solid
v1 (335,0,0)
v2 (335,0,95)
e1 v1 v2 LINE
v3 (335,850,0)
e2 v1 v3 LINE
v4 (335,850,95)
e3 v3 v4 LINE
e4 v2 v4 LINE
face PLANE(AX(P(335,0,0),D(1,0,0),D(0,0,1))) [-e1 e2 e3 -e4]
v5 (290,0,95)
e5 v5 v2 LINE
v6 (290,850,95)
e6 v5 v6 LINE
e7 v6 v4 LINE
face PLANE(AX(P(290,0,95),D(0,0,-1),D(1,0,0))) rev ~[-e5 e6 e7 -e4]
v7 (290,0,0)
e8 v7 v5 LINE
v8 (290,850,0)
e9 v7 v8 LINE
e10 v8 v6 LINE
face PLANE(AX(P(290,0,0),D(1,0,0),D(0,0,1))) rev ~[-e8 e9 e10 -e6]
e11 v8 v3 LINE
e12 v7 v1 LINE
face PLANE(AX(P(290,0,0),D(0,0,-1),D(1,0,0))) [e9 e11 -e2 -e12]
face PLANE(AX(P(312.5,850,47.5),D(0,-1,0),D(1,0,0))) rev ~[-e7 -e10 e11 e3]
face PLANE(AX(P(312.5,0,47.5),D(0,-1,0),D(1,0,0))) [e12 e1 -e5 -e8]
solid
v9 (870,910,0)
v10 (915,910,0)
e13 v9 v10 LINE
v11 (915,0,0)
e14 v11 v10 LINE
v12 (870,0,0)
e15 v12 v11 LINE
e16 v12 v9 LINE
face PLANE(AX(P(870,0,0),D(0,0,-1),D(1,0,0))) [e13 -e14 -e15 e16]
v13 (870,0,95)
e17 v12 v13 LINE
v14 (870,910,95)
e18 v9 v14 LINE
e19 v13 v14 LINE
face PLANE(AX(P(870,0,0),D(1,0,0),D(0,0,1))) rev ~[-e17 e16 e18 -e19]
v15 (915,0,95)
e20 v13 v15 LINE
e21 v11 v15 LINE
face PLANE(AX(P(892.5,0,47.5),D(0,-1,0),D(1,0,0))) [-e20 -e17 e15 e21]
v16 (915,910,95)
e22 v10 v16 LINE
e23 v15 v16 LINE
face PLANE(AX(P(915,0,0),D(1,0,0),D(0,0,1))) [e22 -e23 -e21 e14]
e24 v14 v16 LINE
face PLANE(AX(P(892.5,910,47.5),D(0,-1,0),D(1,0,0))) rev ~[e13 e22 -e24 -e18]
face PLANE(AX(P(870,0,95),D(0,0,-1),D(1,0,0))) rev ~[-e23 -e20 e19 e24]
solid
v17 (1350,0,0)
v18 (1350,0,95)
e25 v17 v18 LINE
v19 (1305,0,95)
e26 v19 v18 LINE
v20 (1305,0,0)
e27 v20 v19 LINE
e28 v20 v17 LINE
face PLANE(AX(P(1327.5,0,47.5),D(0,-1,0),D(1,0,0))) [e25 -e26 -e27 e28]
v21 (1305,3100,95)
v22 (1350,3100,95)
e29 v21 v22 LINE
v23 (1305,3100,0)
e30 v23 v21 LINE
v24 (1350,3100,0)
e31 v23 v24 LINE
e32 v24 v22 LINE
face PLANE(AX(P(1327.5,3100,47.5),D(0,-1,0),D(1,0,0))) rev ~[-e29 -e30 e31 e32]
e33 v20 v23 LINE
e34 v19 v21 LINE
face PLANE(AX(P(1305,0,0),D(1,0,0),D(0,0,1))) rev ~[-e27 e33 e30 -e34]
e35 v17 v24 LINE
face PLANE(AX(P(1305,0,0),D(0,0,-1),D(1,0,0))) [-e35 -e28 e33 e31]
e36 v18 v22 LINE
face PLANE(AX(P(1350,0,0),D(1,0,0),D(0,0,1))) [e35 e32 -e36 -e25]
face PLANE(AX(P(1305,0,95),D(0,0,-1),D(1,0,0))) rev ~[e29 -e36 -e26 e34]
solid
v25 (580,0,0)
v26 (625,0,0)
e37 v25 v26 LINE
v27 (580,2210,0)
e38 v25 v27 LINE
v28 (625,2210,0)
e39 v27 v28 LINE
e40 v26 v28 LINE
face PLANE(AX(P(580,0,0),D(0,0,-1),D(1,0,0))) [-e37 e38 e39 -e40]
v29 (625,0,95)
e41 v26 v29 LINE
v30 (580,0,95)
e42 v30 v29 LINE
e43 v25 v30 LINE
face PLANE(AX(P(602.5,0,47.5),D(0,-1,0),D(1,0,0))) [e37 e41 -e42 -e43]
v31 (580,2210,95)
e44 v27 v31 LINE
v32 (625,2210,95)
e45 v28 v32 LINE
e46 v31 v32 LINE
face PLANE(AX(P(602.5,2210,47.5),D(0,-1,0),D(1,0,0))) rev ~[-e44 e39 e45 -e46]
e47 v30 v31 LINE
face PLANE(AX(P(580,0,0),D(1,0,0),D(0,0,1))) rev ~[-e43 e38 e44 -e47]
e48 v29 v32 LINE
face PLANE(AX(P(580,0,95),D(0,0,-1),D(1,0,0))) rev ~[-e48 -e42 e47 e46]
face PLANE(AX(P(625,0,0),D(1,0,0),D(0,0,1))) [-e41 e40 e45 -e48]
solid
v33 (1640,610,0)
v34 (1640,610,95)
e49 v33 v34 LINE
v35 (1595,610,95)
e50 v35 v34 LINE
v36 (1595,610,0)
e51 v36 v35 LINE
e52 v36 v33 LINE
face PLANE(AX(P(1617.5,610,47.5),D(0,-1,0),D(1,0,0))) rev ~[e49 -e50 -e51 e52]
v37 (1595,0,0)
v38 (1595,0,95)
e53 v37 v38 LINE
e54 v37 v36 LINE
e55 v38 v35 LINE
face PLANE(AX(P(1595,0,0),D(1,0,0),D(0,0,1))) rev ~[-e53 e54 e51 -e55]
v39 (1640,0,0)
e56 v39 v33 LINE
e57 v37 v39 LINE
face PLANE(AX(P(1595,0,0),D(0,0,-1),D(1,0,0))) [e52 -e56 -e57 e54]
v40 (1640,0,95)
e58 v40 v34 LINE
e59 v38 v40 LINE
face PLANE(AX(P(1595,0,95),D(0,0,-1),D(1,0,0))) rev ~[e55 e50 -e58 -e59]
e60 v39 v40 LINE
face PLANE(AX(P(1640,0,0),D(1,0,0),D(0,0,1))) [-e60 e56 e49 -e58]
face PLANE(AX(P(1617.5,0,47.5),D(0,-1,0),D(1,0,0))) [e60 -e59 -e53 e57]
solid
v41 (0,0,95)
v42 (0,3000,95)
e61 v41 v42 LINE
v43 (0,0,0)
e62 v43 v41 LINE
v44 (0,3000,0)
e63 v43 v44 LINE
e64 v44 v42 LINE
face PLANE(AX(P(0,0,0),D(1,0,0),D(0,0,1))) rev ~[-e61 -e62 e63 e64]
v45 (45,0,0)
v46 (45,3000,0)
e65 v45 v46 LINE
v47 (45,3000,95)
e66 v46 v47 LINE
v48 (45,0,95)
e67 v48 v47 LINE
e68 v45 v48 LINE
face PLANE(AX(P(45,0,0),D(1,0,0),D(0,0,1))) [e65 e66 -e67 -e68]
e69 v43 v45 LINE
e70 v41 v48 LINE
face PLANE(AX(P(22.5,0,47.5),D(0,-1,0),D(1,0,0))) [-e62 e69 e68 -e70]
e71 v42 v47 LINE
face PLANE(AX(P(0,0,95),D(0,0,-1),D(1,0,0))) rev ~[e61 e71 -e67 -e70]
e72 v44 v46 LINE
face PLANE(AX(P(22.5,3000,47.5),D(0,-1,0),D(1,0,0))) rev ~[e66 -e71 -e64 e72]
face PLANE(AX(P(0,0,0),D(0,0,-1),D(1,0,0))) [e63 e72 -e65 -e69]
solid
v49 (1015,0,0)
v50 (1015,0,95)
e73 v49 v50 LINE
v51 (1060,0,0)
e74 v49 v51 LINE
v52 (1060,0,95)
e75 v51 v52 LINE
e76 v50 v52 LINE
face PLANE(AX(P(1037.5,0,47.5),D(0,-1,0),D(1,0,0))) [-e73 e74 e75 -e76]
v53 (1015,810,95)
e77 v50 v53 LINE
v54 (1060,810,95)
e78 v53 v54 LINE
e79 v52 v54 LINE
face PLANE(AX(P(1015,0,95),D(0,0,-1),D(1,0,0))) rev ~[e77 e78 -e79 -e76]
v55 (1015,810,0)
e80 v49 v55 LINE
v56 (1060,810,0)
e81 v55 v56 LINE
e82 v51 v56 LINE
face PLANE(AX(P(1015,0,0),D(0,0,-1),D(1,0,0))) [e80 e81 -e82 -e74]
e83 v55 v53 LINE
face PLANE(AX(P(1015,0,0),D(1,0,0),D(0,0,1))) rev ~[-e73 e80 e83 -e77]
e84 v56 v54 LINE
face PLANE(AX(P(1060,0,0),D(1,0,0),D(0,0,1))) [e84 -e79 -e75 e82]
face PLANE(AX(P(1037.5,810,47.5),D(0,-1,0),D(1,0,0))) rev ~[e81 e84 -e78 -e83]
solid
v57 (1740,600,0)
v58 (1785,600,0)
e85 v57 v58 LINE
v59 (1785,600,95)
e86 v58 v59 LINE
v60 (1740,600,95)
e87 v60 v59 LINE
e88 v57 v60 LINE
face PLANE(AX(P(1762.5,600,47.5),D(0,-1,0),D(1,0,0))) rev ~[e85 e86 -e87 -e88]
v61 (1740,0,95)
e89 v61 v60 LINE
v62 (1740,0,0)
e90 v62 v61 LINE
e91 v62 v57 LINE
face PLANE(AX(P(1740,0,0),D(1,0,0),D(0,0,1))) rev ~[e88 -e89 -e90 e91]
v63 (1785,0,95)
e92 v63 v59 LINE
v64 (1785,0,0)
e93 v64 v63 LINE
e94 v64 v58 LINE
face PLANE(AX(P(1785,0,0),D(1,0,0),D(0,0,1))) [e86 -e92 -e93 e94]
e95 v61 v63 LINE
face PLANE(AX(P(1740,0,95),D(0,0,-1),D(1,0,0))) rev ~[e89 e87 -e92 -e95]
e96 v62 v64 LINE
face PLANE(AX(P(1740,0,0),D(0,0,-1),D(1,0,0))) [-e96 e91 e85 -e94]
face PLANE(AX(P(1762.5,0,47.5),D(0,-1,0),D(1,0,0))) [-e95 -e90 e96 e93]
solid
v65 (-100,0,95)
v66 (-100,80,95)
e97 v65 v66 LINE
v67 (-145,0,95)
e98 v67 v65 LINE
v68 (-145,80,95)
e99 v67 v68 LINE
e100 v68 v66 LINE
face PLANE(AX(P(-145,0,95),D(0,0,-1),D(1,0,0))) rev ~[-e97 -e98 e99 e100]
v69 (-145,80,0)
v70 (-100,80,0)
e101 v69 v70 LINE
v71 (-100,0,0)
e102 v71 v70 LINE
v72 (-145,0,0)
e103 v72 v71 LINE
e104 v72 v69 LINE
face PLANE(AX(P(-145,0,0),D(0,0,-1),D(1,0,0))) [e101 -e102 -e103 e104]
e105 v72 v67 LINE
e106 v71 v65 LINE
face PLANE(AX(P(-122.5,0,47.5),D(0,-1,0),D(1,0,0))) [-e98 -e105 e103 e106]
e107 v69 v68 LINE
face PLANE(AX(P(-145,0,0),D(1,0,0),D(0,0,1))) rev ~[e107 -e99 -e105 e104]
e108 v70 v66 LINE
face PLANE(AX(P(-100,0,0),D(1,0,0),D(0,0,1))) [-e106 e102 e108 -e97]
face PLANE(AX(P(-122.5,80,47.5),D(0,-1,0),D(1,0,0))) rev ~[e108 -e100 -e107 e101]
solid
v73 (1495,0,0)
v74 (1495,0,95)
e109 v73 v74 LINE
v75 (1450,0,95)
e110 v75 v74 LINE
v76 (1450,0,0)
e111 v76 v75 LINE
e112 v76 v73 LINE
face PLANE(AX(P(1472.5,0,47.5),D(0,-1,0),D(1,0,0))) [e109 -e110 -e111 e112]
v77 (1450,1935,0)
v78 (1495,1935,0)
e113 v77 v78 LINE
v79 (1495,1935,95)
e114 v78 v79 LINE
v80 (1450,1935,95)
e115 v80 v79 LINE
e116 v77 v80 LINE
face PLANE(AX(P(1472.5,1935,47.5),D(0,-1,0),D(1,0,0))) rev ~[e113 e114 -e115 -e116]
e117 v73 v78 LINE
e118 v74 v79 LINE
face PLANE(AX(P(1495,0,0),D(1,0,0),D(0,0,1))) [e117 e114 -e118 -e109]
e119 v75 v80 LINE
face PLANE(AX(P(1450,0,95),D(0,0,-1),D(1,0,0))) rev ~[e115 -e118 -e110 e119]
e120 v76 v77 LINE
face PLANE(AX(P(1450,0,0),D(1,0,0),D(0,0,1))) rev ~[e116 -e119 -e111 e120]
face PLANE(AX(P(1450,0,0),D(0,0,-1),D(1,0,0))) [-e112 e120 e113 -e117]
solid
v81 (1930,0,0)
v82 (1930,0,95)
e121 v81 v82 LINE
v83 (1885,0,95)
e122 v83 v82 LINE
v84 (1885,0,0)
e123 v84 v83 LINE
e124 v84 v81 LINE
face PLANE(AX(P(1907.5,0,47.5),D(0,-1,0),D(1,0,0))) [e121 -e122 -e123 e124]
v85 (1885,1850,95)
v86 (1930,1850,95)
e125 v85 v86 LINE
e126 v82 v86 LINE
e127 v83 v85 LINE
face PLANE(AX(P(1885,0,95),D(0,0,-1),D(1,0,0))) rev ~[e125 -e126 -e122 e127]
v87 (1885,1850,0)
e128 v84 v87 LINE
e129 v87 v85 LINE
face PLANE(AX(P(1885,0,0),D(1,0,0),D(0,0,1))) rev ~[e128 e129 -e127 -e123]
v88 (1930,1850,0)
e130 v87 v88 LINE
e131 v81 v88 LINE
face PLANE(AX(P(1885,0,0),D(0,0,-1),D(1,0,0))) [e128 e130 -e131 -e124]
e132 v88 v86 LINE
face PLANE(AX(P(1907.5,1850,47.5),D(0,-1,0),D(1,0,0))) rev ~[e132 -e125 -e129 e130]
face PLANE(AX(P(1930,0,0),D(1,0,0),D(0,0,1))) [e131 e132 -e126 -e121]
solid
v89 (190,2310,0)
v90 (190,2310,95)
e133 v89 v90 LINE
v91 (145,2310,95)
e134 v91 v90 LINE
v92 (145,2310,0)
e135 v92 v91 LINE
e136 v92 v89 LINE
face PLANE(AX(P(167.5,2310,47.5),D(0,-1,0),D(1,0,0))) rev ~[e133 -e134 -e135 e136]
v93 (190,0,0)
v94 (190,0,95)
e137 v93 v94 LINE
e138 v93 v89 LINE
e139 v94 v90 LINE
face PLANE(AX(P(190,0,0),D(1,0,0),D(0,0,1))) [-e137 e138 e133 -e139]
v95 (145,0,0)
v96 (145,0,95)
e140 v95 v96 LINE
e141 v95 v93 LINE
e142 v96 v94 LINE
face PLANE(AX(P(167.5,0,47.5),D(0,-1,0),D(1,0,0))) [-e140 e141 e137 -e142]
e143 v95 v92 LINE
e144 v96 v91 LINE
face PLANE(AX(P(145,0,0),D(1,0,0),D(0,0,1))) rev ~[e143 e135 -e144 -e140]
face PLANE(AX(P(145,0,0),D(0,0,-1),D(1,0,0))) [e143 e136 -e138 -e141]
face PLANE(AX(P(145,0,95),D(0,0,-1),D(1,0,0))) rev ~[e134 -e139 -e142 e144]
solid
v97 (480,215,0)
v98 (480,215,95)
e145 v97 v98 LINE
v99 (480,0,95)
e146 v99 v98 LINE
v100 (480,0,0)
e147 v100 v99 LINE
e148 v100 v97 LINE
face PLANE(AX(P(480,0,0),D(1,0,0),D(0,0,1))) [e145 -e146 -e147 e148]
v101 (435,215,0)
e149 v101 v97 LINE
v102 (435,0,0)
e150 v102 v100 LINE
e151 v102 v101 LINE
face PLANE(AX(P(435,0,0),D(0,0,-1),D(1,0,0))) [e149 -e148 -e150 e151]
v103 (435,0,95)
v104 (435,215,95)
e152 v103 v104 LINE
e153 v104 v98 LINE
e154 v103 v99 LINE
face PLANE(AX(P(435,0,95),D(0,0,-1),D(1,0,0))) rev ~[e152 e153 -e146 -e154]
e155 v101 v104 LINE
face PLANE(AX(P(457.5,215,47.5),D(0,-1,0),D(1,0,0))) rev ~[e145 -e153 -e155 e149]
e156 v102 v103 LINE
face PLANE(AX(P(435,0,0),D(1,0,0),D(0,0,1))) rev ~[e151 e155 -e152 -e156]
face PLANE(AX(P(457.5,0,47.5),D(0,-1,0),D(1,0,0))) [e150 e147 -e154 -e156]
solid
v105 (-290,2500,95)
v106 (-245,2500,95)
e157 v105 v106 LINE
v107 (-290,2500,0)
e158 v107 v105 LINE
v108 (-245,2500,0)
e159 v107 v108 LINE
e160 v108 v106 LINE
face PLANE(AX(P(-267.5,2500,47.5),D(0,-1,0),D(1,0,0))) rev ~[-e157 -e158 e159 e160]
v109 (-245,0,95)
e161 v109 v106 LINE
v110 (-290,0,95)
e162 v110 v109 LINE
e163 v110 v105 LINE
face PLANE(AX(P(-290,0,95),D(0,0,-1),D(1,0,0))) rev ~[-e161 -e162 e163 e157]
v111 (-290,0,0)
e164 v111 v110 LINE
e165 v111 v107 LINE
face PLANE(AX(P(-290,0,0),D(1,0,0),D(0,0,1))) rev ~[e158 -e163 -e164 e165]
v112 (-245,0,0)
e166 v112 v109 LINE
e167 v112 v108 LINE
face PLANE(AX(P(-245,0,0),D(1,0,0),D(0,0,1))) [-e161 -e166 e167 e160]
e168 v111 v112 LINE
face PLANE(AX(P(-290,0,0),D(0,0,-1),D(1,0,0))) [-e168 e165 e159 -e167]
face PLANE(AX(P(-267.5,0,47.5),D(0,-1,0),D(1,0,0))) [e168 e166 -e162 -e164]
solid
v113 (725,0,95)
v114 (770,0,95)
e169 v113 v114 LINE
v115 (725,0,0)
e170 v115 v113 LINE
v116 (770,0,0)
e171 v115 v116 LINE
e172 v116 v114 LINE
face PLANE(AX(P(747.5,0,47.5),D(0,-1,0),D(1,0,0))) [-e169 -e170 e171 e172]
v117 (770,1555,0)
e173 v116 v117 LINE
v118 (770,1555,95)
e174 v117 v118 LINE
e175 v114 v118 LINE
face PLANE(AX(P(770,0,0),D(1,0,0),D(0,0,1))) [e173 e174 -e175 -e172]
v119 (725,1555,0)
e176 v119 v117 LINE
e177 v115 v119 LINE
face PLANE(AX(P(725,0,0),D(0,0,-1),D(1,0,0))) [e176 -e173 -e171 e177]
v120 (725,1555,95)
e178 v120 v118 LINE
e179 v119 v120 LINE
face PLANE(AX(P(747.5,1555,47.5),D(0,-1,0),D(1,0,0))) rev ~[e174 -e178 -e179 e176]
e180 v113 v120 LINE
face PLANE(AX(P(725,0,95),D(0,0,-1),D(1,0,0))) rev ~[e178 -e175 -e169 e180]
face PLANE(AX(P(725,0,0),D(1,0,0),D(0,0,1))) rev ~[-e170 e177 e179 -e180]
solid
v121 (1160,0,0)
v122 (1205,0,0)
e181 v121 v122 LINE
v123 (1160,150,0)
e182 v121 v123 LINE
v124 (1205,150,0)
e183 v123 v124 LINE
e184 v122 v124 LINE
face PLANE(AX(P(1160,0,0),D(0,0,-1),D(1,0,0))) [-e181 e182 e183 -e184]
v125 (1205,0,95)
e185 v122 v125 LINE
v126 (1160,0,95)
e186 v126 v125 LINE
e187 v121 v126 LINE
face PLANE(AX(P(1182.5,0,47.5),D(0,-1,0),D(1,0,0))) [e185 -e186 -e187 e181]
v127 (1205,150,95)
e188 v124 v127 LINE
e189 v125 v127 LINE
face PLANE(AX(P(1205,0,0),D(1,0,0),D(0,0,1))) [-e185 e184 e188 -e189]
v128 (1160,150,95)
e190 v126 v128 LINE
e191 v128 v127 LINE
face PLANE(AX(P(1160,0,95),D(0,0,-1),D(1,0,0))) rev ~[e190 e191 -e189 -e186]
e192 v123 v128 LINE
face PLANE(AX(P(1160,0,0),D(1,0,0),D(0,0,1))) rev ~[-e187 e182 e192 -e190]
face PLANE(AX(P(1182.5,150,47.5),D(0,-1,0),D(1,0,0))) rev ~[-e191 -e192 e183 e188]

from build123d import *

# Parameters (mm, degrees)
F0_W      = 45
F0_H      = 95
F1_DEPTH  = 3000
F2_DEPTH  = 2310
F3_DEPTH  = 850
F4_DEPTH  = 215
F5_DEPTH  = 2210
F6_DEPTH  = 1555
F7_DEPTH  = 910
F8_DEPTH  = 810
F9_DEPTH  = 150
F10_DEPTH = 3100
F11_DEPTH = 1935
F12_DEPTH = 610
F13_DEPTH = 600
F14_DEPTH = 1850
F15_DEPTH = 80
F16_DEPTH = 2500


with BuildPart() as f1:
    # F0 (on Front) → F1 (new body)
    with BuildSketch(Plane.XZ):
        with Locations((22.5, 47.5)):
            Rectangle(F0_W, F0_H)
    extrude(amount=-F1_DEPTH)


with BuildPart() as f2:
    # F0 (on Front) → F2 (new body)
    with BuildSketch(Plane.XZ):
        with Locations((167.5, 47.5)):
            Rectangle(F0_W, F0_H)
    extrude(amount=-F2_DEPTH)


with BuildPart() as f3:
    # F0 (on Front) → F3 (new body)
    with BuildSketch(Plane.XZ):
        with Locations((312.5, 47.5)):
            Rectangle(F0_W, F0_H)
    extrude(amount=-F3_DEPTH)


with BuildPart() as f4:
    # F0 (on Front) → F4 (new body)
    with BuildSketch(Plane.XZ):
        with Locations((457.5, 47.5)):
            Rectangle(F0_W, F0_H)
    extrude(amount=-F4_DEPTH)


with BuildPart() as f5:
    # F0 (on Front) → F5 (new body)
    with BuildSketch(Plane.XZ):
        with Locations((602.5, 47.5)):
            Rectangle(F0_W, F0_H)
    extrude(amount=-F5_DEPTH)


with BuildPart() as f6:
    # F0 (on Front) → F6 (new body)
    with BuildSketch(Plane.XZ):
        with Locations((747.5, 47.5)):
            Rectangle(F0_W, F0_H)
    extrude(amount=-F6_DEPTH)


with BuildPart() as f7:
    # F0 (on Front) → F7 (new body)
    with BuildSketch(Plane.XZ):
        with Locations((892.5, 47.5)):
            Rectangle(F0_W, F0_H)
    extrude(amount=-F7_DEPTH)


with BuildPart() as f8:
    # F0 (on Front) → F8 (new body)
    with BuildSketch(Plane.XZ):
        with Locations((1037.5, 47.5)):
            Rectangle(F0_W, F0_H)
    extrude(amount=-F8_DEPTH)


with BuildPart() as f9:
    # F0 (on Front) → F9 (new body)
    with BuildSketch(Plane.XZ):
        with Locations((1182.5, 47.5)):
            Rectangle(F0_W, F0_H)
    extrude(amount=-F9_DEPTH)


with BuildPart() as f10:
    # F0 (on Front) → F10 (new body)
    with BuildSketch(Plane.XZ):
        with Locations((1327.5, 47.5)):
            Rectangle(F0_W, F0_H)
    extrude(amount=-F10_DEPTH)


with BuildPart() as f11:
    # F0 (on Front) → F11 (new body)
    with BuildSketch(Plane.XZ):
        with Locations((1472.5, 47.5)):
            Rectangle(F0_W, F0_H)
    extrude(amount=-F11_DEPTH)


with BuildPart() as f12:
    # F0 (on Front) → F12 (new body)
    with BuildSketch(Plane.XZ):
        with Locations((1617.5, 47.5)):
            Rectangle(F0_W, F0_H)
    extrude(amount=-F12_DEPTH)


with BuildPart() as f13:
    # F0 (on Front) → F13 (new body)
    with BuildSketch(Plane.XZ):
        with Locations((1762.5, 47.5)):
            Rectangle(F0_W, F0_H)
    extrude(amount=-F13_DEPTH)


with BuildPart() as f14:
    # F0 (on Front) → F14 (new body)
    with BuildSketch(Plane.XZ):
        with Locations((1907.5, 47.5)):
            Rectangle(F0_W, F0_H)
    extrude(amount=-F14_DEPTH)


with BuildPart() as f15:
    # F0 (on Front) → F15 (new body)
    with BuildSketch(Plane.XZ):
        with Locations((-122.5, 47.5)):
            Rectangle(F0_W, F0_H)
    extrude(amount=-F15_DEPTH)


with BuildPart() as f16:
    # F0 (on Front) → F16 (new body)
    with BuildSketch(Plane.XZ):
        with Locations((-267.5, 47.5)):
            Rectangle(F0_W, F0_H)
    extrude(amount=-F16_DEPTH)


solid = Compound([f1.part, f2.part, f3.part, f4.part, f5.part, f6.part, f7.part, f8.part, f9.part, f10.part, f11.part, f12.part, f13.part, f14.part, f15.part, f16.part])
